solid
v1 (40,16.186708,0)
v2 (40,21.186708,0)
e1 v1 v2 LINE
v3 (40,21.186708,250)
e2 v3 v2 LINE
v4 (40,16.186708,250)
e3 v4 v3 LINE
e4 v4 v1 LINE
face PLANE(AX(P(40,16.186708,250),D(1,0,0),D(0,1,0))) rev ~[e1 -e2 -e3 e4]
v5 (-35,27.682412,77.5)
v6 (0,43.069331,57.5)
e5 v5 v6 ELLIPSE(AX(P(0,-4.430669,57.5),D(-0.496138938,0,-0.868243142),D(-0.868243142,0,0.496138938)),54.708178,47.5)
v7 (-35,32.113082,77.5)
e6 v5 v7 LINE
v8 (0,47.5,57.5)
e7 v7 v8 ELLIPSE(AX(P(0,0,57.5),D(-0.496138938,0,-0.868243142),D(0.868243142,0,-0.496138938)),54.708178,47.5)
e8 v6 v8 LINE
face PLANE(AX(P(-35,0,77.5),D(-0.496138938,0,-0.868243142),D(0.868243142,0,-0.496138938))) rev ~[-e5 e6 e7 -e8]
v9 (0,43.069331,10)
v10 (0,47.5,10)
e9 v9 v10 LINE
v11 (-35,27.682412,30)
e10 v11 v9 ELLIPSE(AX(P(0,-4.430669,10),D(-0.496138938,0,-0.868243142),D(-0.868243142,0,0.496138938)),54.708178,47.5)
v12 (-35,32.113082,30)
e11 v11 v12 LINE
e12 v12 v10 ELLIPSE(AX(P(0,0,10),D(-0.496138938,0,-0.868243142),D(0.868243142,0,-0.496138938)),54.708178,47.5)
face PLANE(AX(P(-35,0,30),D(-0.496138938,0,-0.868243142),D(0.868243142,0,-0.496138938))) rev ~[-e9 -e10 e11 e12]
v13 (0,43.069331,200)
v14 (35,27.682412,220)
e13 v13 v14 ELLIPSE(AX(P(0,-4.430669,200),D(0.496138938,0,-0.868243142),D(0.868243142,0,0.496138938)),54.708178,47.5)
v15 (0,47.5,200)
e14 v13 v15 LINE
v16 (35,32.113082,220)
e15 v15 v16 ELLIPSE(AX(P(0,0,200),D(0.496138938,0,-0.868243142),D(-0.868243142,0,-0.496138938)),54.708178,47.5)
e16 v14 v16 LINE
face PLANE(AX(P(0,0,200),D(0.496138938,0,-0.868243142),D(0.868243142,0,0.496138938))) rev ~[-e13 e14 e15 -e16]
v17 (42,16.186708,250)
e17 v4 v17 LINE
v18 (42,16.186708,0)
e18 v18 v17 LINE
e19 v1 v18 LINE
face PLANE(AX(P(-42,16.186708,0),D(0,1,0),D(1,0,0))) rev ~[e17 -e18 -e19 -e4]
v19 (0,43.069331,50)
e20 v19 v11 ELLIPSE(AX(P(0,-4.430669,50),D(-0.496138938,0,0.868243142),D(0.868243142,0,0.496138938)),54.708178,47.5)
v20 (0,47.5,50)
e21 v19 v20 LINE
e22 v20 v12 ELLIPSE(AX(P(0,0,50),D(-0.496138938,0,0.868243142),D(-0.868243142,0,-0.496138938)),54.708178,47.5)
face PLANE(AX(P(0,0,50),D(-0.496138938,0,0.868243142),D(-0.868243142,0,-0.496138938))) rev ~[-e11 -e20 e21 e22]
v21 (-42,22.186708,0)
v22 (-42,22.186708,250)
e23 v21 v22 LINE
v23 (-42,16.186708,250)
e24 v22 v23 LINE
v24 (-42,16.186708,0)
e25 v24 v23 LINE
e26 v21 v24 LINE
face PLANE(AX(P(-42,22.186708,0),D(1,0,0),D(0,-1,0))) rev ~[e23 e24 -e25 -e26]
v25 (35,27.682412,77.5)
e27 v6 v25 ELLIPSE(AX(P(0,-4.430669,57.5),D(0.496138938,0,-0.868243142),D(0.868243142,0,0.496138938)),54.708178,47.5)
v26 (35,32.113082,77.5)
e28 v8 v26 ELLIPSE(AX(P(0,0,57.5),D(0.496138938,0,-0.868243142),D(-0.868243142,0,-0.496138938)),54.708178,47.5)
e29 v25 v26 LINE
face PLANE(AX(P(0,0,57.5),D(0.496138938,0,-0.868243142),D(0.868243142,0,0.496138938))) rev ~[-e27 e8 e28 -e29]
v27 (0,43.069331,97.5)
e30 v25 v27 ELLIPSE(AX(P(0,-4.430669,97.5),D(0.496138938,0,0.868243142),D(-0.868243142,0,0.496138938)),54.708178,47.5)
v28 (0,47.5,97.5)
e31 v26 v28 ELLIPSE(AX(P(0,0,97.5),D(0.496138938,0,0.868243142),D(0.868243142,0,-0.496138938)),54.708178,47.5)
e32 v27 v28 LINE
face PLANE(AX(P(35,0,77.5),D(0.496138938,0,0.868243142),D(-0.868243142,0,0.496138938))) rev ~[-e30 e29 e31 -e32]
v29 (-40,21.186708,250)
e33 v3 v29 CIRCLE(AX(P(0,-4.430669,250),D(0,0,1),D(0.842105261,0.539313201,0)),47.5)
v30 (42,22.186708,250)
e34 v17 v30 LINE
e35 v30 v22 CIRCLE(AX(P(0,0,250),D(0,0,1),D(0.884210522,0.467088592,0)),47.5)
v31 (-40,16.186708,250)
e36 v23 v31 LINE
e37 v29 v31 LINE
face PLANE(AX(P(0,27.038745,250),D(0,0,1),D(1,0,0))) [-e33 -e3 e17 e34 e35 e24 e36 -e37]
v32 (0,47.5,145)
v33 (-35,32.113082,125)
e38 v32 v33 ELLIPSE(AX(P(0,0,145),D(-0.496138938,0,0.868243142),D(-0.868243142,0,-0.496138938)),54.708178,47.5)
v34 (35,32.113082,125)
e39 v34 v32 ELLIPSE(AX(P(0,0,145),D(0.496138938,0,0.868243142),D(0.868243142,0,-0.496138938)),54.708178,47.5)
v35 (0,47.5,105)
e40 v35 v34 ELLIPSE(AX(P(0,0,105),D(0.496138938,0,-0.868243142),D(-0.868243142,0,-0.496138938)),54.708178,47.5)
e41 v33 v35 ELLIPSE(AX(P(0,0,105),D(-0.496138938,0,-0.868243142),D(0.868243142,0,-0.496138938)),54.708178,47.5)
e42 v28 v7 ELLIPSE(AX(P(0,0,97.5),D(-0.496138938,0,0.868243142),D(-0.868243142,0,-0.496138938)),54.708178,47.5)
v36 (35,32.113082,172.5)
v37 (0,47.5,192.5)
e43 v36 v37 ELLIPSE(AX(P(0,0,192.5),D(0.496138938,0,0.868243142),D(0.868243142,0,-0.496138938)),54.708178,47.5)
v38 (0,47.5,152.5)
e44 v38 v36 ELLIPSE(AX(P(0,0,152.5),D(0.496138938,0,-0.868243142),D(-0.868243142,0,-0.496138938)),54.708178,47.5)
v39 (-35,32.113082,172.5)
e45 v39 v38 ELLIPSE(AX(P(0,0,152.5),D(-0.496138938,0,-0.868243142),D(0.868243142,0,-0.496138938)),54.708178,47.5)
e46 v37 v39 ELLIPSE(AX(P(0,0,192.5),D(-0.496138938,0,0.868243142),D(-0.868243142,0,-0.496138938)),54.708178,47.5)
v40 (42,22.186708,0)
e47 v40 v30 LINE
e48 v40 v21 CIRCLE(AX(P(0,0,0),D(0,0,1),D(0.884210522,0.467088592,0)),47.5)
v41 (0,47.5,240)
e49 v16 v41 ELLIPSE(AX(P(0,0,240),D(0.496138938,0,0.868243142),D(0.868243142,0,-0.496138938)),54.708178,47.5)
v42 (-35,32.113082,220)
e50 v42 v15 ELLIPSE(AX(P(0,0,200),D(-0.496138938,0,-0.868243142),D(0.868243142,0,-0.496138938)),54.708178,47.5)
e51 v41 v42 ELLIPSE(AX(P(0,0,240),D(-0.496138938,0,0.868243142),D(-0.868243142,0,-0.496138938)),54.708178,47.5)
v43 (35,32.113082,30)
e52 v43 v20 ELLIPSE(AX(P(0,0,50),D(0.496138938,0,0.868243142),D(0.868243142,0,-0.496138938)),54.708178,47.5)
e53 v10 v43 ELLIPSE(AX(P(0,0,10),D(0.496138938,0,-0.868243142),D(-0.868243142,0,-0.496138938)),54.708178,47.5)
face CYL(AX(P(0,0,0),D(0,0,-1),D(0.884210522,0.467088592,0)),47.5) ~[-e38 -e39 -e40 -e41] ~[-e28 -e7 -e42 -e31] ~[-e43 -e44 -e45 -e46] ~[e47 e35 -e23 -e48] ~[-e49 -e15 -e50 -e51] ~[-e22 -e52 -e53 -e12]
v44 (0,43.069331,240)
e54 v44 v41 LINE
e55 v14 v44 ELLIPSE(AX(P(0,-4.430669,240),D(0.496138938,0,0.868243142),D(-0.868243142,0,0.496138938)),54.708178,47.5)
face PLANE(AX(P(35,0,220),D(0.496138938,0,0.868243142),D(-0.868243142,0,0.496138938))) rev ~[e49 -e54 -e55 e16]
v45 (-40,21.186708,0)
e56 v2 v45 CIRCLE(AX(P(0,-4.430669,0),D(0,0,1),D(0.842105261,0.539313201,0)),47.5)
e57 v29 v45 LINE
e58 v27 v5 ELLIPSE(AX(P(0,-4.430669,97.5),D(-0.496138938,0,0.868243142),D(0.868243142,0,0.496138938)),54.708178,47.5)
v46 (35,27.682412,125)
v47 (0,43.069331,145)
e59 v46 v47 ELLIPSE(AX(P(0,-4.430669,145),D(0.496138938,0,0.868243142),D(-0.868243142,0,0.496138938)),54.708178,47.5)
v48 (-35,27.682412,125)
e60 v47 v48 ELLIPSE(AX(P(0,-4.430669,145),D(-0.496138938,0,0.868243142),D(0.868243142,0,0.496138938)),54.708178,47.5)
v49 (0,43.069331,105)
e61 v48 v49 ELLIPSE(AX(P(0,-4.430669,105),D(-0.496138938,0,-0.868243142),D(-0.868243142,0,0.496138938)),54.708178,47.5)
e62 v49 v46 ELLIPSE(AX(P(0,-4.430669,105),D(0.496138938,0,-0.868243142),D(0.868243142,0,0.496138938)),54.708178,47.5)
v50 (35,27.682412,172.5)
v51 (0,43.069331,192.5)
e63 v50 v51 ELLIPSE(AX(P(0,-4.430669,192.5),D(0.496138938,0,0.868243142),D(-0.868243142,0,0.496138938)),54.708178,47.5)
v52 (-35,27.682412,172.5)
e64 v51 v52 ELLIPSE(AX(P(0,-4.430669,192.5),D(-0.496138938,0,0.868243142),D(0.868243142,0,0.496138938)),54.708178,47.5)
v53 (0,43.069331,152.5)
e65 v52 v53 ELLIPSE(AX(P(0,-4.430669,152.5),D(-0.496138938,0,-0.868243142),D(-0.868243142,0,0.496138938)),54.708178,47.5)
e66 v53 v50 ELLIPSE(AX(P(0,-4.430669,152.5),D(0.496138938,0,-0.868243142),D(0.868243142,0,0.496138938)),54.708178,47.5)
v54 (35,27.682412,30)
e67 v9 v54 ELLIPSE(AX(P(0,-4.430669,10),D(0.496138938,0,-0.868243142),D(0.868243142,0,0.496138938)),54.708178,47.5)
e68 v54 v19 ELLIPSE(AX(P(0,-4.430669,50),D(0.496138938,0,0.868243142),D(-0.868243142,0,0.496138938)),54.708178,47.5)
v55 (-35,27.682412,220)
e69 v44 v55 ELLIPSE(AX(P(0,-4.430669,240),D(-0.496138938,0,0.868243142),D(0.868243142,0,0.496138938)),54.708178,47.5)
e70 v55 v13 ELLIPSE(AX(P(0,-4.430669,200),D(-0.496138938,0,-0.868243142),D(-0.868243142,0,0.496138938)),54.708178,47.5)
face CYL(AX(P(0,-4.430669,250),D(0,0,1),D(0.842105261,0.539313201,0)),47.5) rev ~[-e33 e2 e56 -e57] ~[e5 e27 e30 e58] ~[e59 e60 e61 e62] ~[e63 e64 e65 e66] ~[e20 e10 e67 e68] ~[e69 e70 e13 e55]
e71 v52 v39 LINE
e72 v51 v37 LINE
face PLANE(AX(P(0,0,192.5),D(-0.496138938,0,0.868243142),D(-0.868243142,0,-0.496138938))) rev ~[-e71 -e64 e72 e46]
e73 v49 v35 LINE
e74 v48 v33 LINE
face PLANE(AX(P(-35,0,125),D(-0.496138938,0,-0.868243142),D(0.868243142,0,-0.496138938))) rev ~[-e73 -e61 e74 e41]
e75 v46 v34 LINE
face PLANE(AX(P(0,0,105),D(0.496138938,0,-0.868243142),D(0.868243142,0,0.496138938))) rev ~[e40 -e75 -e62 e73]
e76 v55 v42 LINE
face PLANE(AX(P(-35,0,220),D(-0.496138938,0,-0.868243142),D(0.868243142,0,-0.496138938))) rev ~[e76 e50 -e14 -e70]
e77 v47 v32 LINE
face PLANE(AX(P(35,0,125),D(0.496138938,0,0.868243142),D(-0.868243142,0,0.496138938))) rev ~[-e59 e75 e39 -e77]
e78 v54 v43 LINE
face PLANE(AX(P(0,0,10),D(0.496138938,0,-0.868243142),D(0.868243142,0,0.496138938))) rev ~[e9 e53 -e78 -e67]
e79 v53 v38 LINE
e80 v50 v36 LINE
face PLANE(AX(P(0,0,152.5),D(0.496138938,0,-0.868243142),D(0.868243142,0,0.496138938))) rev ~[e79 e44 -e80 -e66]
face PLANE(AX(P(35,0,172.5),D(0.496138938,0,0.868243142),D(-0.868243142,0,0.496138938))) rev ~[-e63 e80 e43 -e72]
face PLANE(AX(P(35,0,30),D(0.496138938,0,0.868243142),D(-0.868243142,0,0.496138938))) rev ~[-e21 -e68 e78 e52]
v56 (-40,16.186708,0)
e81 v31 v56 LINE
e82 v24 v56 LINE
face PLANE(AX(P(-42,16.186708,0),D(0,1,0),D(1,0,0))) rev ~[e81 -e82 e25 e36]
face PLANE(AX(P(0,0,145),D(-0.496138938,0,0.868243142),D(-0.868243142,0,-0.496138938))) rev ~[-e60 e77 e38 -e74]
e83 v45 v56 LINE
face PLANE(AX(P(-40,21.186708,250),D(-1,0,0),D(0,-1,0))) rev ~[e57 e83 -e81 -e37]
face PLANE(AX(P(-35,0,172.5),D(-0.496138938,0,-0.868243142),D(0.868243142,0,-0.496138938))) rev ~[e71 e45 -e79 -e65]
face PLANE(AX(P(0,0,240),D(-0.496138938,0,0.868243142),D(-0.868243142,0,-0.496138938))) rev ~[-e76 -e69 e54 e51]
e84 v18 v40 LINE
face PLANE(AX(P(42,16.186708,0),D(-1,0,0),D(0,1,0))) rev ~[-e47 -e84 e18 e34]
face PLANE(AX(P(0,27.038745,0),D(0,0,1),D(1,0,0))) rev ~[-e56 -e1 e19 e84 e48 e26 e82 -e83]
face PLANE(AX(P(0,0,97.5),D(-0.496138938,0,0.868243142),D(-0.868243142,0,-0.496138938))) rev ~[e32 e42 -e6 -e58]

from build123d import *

# Parameters (mm, degrees)
F1_DEPTH = 250
F3_DEPTH = 250.001
F5_DEPTH = 47.501


with BuildPart() as f1:
    # F0 (on Top) → F1 (new body)
    with BuildSketch(Plane.XY):
        with BuildLine():
            Line((42, 16.186708), (42, 22.186708))
            ThreePointArc((42, 22.186708), (0, 47.5), (-42, 22.186708))
            Line((-42, 22.186708), (-42, 16.186708))
            Line((-42, 16.186708), (42, 16.186708))
        make_face()
    extrude(amount=F1_DEPTH)

    # F2 (on face) → F3 (cut, through all)
    with BuildSketch(Plane.XY.offset(250)):
        with BuildLine():
            ThreePointArc((40, 21.186708), (0, 43.069331), (-40, 21.186708))
            Line((-40, 21.186708), (-40, 16.186708))
            Line((-40, 16.186708), (40, 16.186708))
            Line((40, 16.186708), (40, 21.186708))
        make_face()
    extrude(amount=-F3_DEPTH, mode=Mode.SUBTRACT)

    # F4 (on Front) → F5 (cut, through all)
    with BuildSketch(Plane.XZ):
        Polygon((35, 220), (0, 240), (-35, 220), (0, 200), align=None)
        Polygon((35, 172.5), (0, 192.5), (-35, 172.5), (0, 152.5), align=None)
        Polygon((35, 125), (0, 145), (-35, 125), (0, 105), align=None)
        Polygon((35, 77.5), (0, 97.5), (-35, 77.5), (0, 57.5), align=None)
        Polygon((35, 30), (0, 50), (-35, 30), (0, 10), align=None)
    extrude(amount=-F5_DEPTH, mode=Mode.SUBTRACT)


solid = f1.part
